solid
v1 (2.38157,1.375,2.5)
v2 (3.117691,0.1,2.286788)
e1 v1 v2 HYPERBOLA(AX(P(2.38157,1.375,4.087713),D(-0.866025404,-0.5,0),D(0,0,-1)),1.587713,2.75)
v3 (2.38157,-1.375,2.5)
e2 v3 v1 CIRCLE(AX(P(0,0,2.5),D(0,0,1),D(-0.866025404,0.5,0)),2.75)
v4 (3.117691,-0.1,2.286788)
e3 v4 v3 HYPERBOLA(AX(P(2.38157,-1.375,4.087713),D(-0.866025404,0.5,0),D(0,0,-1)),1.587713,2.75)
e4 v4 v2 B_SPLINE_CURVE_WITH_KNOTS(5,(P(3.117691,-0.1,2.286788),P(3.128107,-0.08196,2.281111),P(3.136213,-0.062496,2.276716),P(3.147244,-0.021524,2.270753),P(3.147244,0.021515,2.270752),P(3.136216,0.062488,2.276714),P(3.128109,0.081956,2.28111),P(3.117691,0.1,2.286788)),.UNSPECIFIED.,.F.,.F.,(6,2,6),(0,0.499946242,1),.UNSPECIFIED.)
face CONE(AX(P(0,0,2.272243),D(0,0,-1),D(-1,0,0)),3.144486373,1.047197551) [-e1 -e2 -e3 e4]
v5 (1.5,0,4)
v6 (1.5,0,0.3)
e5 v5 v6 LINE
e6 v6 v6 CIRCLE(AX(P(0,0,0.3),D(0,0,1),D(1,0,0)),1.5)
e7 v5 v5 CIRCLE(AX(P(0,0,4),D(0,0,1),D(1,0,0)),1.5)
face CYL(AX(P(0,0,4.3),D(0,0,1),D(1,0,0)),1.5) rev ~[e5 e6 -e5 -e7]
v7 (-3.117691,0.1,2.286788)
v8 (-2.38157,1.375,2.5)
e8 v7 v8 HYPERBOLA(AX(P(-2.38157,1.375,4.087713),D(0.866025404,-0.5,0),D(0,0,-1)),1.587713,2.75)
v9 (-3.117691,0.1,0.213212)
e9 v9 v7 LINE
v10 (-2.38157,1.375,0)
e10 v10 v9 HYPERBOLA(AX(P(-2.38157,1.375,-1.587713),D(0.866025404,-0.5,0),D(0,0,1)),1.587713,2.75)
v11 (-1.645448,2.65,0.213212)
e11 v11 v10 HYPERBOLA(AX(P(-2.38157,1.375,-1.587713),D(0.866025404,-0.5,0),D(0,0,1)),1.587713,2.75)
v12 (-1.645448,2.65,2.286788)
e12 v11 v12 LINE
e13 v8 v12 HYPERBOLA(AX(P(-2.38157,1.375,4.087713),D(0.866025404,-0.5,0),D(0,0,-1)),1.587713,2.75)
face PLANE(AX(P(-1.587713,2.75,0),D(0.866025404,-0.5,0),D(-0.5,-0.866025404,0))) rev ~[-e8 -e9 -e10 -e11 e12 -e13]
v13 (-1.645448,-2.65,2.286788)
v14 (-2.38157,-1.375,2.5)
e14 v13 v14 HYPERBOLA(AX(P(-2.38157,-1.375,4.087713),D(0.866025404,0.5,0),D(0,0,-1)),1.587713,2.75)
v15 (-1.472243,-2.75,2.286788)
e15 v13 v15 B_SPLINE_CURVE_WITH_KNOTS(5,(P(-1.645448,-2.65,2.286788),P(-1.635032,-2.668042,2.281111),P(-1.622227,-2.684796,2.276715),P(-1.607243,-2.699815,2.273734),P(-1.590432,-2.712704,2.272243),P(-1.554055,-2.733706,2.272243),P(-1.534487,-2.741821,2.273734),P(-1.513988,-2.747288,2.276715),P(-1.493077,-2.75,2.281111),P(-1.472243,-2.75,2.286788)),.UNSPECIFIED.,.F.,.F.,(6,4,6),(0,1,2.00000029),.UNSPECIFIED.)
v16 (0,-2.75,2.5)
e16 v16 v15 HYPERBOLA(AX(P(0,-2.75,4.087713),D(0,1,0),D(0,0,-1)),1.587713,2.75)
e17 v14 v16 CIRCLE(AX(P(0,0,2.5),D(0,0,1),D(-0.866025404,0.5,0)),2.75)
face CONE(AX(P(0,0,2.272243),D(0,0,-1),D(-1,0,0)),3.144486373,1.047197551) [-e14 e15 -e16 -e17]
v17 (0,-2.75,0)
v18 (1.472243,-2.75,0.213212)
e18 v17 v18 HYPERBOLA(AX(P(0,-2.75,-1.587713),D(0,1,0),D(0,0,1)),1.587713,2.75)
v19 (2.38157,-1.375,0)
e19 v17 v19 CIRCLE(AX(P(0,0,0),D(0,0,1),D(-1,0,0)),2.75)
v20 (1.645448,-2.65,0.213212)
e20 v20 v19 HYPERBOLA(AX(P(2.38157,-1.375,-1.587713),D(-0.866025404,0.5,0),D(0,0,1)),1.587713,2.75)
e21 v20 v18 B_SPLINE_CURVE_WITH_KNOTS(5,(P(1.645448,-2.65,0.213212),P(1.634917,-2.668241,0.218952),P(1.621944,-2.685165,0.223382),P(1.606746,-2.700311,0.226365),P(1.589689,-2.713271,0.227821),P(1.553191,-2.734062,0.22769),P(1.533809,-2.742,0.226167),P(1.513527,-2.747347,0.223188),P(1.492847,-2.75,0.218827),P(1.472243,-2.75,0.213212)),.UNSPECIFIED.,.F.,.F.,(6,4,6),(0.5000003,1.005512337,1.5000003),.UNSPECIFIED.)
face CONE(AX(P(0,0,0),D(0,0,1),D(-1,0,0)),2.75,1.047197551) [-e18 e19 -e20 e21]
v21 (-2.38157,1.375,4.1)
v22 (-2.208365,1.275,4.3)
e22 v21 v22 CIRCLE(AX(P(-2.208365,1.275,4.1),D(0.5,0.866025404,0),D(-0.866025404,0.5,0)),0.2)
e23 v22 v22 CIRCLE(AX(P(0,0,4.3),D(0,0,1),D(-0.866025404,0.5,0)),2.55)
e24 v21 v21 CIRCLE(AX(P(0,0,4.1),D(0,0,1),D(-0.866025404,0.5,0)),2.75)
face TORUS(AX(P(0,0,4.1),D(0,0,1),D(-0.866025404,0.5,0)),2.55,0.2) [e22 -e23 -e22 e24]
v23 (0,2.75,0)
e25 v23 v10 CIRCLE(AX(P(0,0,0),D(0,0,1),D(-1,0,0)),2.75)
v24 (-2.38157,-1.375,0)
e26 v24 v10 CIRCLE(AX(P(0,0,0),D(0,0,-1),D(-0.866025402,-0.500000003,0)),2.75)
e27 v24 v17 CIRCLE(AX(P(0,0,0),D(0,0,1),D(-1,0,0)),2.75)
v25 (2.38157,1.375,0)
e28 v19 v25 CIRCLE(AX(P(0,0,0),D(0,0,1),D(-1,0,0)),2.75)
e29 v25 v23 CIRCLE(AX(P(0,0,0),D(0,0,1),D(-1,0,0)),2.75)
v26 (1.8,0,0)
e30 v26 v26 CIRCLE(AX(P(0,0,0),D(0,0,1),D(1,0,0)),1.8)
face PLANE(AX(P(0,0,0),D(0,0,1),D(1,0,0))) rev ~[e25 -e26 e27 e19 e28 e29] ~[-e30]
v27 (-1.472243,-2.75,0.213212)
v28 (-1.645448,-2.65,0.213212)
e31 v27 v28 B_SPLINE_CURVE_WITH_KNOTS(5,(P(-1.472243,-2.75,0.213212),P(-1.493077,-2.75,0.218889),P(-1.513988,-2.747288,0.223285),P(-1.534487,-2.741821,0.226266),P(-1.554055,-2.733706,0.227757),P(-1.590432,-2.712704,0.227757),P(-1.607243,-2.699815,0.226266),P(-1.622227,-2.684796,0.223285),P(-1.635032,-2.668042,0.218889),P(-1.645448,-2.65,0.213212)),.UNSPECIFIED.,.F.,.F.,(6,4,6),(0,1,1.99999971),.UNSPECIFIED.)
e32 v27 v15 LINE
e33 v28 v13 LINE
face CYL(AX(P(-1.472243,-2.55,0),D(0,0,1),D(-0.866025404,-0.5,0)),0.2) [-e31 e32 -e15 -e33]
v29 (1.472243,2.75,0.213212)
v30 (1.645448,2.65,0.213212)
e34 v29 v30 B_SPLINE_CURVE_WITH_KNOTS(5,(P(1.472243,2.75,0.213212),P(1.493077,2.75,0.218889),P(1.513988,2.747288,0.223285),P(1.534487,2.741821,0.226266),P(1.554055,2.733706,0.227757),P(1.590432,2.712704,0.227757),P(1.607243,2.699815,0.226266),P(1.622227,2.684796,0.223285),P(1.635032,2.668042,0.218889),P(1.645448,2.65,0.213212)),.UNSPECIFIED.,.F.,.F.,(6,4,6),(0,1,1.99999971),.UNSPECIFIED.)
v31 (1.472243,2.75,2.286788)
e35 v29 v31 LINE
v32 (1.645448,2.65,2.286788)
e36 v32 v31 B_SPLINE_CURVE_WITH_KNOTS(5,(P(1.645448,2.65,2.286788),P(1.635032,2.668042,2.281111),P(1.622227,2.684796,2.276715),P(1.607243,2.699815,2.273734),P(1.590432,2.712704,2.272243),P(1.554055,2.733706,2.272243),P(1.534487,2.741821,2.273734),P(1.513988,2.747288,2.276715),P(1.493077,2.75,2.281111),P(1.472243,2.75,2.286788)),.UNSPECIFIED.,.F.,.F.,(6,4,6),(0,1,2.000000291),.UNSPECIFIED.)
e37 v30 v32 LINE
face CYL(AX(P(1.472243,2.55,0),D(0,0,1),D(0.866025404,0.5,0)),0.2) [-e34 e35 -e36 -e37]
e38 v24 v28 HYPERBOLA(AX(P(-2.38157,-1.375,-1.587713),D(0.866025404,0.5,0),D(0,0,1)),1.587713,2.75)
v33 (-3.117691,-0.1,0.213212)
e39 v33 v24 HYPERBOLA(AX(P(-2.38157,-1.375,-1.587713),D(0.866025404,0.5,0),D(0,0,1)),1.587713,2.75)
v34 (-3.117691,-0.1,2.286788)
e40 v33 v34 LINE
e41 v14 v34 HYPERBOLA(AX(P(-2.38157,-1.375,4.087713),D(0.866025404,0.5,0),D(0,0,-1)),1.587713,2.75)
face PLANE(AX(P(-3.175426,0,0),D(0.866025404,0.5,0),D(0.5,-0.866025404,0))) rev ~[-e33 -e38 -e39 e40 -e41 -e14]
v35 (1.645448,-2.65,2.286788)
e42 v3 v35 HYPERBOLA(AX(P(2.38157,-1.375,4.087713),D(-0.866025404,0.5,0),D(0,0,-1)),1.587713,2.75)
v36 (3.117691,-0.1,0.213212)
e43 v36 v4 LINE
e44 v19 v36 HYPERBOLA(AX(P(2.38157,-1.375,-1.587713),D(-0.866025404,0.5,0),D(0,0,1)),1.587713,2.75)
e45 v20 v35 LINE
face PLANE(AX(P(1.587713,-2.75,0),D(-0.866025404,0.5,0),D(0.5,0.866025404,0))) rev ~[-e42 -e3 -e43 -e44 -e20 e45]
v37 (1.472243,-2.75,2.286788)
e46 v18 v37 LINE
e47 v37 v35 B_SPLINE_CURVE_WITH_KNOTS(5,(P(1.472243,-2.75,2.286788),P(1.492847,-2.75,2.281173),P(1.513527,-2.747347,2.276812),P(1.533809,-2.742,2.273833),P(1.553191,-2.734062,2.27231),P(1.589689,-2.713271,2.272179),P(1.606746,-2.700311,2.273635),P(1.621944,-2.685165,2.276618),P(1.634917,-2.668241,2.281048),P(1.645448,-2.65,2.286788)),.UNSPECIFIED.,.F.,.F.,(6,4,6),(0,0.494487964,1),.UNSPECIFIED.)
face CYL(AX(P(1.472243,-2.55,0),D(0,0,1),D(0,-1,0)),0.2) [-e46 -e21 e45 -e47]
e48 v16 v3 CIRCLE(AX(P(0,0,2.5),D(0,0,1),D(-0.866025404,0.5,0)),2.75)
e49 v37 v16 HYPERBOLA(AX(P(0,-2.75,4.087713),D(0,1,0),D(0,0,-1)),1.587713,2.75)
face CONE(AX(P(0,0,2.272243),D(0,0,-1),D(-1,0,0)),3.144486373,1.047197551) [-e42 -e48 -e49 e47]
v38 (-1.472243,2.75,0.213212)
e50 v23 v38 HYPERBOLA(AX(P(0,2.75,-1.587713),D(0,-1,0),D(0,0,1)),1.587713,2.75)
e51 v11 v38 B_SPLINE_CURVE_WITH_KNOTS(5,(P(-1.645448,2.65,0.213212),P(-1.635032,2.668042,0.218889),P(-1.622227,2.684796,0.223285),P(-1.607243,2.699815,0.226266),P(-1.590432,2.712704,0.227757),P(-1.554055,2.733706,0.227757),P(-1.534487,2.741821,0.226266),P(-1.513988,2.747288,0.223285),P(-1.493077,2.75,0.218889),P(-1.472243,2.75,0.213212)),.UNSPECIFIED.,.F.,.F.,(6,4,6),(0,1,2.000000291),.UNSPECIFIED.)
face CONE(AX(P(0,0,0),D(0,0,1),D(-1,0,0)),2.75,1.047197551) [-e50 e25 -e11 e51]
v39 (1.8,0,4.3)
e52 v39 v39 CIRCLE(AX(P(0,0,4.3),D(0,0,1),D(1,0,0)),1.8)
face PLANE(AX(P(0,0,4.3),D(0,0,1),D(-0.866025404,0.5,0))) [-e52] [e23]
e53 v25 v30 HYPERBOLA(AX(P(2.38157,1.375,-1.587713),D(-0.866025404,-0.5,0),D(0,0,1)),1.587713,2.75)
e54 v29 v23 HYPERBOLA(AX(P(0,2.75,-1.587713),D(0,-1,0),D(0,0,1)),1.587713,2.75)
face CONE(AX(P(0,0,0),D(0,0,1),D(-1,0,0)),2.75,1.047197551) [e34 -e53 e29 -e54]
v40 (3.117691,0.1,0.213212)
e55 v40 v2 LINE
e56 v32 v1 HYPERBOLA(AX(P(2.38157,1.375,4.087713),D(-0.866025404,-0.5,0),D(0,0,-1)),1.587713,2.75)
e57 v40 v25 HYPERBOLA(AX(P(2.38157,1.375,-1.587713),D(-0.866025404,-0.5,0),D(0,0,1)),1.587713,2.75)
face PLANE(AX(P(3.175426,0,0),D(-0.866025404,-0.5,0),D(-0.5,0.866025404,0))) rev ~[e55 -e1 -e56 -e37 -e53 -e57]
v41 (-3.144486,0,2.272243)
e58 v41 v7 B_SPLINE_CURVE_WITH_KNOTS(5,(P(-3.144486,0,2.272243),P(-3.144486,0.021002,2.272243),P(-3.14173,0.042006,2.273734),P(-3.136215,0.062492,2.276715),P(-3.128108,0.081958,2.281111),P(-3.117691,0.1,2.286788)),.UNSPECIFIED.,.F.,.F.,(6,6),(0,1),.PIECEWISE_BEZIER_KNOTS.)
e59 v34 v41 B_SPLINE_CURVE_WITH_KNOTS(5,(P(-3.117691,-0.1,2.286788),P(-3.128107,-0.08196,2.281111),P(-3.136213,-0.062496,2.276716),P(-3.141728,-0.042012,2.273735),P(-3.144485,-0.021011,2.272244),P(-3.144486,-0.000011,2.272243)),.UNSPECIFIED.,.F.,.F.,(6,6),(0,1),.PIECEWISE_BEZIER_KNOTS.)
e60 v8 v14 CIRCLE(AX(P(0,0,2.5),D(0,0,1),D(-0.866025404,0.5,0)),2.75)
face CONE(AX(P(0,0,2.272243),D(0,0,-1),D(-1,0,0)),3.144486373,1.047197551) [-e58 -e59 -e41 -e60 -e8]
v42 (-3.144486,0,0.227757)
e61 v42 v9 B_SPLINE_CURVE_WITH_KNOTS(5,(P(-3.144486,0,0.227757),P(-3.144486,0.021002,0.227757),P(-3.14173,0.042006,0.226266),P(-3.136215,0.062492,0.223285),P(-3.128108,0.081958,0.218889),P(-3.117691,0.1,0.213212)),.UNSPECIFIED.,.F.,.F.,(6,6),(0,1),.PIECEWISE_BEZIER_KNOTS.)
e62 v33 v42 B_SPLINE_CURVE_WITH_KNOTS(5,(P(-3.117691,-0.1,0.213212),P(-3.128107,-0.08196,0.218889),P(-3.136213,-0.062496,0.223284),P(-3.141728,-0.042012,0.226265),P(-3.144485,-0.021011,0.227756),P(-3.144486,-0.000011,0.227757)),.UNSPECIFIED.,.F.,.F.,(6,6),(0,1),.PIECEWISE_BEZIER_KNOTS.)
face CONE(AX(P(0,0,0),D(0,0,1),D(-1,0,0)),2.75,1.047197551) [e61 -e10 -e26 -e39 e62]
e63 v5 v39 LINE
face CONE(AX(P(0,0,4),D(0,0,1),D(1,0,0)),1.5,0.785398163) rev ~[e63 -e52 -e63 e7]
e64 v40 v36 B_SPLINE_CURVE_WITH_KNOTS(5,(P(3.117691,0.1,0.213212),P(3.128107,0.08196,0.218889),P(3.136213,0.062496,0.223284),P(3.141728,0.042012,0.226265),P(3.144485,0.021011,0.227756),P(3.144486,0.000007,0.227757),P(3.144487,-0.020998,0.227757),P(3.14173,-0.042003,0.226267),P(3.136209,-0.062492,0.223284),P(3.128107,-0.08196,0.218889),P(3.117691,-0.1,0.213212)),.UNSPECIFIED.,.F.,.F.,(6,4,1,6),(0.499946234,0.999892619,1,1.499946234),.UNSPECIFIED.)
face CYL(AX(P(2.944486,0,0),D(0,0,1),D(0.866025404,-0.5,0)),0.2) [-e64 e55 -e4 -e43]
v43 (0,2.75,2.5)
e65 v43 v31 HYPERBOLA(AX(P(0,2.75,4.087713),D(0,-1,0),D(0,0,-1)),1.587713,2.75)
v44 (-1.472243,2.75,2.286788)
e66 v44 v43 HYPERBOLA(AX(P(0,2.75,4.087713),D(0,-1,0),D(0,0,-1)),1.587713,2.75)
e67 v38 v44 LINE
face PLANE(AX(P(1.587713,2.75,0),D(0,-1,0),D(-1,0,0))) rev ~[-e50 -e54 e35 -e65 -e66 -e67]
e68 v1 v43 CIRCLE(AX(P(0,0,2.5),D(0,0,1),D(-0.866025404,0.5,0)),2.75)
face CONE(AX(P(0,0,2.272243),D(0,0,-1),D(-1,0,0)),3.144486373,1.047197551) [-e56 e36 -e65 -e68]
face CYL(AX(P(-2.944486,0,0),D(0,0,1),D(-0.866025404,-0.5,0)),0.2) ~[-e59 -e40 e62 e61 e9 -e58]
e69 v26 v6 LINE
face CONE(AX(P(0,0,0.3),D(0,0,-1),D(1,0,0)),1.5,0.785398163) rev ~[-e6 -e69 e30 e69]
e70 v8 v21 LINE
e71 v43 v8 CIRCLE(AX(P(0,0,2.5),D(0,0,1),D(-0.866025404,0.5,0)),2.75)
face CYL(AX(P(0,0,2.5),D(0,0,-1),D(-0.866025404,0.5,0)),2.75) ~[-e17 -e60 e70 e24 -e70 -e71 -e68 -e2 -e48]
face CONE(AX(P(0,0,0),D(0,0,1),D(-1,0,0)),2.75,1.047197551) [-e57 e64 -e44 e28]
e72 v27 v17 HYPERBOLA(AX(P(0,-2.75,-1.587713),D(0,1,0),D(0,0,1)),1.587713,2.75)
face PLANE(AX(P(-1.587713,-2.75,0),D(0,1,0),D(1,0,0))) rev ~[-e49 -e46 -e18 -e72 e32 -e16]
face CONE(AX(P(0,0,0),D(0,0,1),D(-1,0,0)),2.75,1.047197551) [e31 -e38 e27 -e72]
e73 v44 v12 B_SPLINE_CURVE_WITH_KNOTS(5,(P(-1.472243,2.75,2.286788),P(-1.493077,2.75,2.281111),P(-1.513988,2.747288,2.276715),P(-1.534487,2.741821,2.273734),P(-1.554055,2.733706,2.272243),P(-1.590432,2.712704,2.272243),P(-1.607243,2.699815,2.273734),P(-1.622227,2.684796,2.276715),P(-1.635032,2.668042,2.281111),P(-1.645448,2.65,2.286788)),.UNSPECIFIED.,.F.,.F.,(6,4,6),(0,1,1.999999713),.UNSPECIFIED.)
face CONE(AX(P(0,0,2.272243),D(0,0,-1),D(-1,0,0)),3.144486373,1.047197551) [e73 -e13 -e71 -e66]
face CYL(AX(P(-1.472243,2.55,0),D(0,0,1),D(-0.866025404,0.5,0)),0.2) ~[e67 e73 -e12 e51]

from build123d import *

# Parameters (mm, degrees)
EXTRUDE_307_DEPTH     = 2.5
SKETCH_2_R            = 2.75
EXTRUDE_489_DEPTH     = 1.8
SKETCH_3_R            = 1.5
CUT_EXTRUDE_587_DEPTH = 7.011308787
FILLET_2_R            = 0.2
CHAMFER_1_SIZE        = 0.3
CHAMFER_2_SIZE        = 0.3
FILLET_3_R            = 0.2


with BuildPart() as part:
    # 草图1 → Extrude 307 (new body)
    with BuildSketch(Plane.XY):
        Polygon((3.175426481, 0), (1.58771324, 2.75), (-1.58771324, 2.75), (-3.175426481, 0), (-1.58771324, -2.75), (1.58771324, -2.75), align=None)
    extrude(amount=EXTRUDE_307_DEPTH)

    # 草图2 → Extrude 489 (add)
    with BuildSketch(Plane.XY.offset(2.5)):
        with Locations(Location((0, 0, 0), (0, 0, 150))):
            Circle(SKETCH_2_R)
    extrude(amount=EXTRUDE_489_DEPTH)

    # 草图3 → Cut-Extrude 587 (cut, through all)
    with BuildSketch(Plane.XY.offset(4.3)):
        Circle(SKETCH_3_R)
    extrude(amount=-CUT_EXTRUDE_587_DEPTH, mode=Mode.SUBTRACT)

    # 圆角2
    fillet_2_edges = [part.edges().sort_by_distance(p)[0] for p in [
        (1.58771324, -2.75, 1.25),
        (-1.58771324, -2.75, 1.25),
        (-3.175426481, 0, 1.25),
        (-1.58771324, 2.75, 1.25),
        (1.58771324, 2.75, 1.25),
        (3.175426481, 0, 1.25),
    ]]
    fillet(fillet_2_edges, radius=FILLET_2_R)

    # 倒角1
    chamfer_1_edges = [part.edges().sort_by_distance(p)[0] for p in [
        (-1.5, 0, 0),
    ]]
    chamfer(chamfer_1_edges, length=CHAMFER_1_SIZE)

    # 倒角2
    chamfer_2_edges = [part.edges().sort_by_distance(p)[0] for p in [
        (-1.5, 0, 4.3),
    ]]
    chamfer(chamfer_2_edges, length=CHAMFER_2_SIZE)

    # 草图6 → 切除-旋转2 (revolve, cut)
    with BuildSketch(Plane(origin=(0, 0, 0), x_dir=(1, 0, 0), z_dir=(0, 1, 0))):
        Polygon((-2.75, 0), (-3.144486373, -0.227756814), (-3.144486373, 0), align=None)
        Polygon((-3.144486373, -2.5), (-3.144486373, -2.272243186), (-2.75, -2.5), align=None)
    revolve(axis=Axis((0, 0, -1.923239397), (0, 0, 1)), mode=Mode.SUBTRACT)

    # 圆角3
    fillet_3_edges = [part.edges().sort_by_distance(p)[0] for p in [
        (2.38156986, -1.375, 4.3),
    ]]
    fillet(fillet_3_edges, radius=FILLET_3_R)


solid = part.part
